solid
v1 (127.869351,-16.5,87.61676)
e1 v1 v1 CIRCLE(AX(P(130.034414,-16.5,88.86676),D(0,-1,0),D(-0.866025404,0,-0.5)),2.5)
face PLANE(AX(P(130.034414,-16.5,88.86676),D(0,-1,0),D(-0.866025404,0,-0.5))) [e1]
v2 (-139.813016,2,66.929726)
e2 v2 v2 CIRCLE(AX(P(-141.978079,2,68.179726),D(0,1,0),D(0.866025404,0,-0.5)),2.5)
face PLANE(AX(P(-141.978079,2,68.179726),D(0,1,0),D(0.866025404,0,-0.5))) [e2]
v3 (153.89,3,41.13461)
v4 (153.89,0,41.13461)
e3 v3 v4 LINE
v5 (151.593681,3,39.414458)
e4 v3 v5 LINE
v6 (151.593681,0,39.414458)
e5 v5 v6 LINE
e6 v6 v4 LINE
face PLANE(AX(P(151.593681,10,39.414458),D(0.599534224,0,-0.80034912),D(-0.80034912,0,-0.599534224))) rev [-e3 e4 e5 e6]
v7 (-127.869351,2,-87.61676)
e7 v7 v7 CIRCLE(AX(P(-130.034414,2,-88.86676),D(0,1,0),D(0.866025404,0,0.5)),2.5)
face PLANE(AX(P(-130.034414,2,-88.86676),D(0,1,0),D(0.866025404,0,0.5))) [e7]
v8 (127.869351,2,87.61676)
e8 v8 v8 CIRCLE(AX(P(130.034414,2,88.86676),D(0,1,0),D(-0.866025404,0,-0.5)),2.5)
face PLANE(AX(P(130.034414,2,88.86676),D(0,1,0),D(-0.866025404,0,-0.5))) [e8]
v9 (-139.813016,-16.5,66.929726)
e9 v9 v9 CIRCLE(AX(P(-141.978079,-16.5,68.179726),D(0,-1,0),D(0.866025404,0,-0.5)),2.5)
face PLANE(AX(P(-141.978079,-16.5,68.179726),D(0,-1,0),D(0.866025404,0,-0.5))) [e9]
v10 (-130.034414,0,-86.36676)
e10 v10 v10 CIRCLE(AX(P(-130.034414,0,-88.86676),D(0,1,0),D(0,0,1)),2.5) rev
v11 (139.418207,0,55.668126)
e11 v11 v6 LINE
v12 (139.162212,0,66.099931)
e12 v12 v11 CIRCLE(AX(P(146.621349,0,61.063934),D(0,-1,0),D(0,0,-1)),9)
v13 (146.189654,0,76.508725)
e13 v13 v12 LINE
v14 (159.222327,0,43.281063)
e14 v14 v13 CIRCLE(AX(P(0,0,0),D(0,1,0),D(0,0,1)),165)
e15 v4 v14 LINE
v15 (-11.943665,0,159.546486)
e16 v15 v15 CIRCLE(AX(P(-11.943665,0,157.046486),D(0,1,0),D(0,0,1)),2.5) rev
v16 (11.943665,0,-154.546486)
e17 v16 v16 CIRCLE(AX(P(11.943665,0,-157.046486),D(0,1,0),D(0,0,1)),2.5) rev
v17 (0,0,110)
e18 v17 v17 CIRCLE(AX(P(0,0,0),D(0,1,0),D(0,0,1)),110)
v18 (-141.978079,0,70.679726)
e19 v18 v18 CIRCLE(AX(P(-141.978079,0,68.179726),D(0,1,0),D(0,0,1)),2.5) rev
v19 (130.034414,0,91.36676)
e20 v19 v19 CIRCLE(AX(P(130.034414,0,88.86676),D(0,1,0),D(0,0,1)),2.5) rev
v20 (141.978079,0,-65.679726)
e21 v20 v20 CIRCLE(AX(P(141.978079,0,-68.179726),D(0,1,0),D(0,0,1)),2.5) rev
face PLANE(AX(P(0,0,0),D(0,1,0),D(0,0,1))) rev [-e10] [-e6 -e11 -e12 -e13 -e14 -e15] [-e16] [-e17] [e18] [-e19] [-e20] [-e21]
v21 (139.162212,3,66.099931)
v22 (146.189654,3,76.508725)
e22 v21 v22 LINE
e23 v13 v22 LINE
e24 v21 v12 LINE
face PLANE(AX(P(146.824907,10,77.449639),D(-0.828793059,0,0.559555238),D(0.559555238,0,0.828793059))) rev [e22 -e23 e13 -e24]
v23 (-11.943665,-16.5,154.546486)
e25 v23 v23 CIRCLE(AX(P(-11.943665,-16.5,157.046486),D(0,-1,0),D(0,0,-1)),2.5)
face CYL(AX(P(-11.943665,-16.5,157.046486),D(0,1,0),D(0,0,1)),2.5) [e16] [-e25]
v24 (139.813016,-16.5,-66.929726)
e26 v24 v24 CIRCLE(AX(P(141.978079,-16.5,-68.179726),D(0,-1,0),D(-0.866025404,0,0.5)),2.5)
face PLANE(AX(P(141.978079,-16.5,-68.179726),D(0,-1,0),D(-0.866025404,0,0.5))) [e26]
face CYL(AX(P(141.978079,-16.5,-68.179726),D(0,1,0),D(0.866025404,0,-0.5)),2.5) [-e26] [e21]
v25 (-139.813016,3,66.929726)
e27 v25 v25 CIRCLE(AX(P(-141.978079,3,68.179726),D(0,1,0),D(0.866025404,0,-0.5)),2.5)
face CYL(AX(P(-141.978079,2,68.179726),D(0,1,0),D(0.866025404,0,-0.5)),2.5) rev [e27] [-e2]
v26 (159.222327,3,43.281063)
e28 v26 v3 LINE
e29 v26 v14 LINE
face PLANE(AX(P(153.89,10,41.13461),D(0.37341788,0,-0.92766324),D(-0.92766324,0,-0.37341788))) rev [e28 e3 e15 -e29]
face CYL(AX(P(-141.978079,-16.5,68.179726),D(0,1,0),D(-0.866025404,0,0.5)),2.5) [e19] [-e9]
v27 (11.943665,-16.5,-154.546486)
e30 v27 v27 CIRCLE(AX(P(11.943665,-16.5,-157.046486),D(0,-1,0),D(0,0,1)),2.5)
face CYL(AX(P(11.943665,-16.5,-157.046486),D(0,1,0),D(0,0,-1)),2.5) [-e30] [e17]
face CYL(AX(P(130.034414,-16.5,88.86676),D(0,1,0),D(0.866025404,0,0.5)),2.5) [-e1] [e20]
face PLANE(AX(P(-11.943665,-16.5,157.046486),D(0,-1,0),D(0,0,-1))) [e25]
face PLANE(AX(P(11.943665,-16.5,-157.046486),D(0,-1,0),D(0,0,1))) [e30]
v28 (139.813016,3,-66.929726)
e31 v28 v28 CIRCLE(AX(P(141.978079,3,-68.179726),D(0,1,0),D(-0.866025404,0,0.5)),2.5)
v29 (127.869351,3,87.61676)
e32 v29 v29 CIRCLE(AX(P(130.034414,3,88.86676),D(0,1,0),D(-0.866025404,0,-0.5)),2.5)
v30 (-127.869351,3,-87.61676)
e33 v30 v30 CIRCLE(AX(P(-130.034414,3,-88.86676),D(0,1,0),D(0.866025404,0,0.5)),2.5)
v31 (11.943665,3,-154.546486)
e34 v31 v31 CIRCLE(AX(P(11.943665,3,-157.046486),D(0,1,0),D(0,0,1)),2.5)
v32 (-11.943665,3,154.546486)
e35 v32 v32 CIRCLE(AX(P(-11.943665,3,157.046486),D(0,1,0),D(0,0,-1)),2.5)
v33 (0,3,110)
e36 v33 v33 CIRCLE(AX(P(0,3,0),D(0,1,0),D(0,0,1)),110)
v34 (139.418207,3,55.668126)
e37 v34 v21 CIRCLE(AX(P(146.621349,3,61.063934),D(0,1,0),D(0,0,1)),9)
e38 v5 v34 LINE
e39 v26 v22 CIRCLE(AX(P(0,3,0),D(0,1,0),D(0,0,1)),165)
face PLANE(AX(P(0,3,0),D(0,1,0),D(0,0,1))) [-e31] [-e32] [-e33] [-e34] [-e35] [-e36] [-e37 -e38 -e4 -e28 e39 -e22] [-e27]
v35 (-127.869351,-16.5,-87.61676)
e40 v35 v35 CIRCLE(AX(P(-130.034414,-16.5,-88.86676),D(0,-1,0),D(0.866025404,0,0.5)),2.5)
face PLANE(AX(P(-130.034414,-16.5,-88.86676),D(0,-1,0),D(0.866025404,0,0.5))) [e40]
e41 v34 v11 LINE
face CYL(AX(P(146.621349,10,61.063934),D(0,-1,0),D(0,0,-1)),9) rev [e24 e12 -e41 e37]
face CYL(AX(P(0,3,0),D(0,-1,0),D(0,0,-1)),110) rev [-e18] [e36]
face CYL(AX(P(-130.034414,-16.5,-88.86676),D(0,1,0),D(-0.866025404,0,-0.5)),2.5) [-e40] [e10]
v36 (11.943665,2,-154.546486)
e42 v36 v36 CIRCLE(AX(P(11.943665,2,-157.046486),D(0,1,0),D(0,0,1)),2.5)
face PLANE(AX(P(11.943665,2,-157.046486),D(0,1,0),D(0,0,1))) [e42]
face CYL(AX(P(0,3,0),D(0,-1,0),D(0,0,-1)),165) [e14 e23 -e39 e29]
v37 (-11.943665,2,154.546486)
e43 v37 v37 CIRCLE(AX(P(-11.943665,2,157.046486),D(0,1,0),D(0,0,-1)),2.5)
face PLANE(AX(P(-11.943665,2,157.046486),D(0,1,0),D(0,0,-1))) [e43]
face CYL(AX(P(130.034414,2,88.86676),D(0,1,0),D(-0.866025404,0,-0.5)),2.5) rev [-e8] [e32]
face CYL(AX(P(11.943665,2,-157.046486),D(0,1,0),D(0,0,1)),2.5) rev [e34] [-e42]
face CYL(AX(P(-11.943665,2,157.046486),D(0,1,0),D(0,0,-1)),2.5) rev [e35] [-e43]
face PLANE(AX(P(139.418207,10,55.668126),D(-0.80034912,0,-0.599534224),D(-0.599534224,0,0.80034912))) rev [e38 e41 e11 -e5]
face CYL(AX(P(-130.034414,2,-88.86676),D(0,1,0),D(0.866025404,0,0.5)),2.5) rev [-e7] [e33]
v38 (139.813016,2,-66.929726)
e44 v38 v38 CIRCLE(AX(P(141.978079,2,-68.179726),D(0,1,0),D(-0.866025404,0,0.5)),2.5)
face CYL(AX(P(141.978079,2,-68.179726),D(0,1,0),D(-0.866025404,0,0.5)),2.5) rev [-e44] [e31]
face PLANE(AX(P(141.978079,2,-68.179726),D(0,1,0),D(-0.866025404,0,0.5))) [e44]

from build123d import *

# Parameters (mm, degrees)
SKETCH1_R           = 165
SKETCH1_R_2         = 110
BOSS_EXTRUDE1_DEPTH = 3
SKETCH4_R           = 2.5
BOSS_EXTRUDE2_DEPTH = 16.5
CIRPATTERN1_COUNT   = 6
CUT_EXTRUDE1_DEPTH  = 10
SKETCH6_R           = 2.5
CUT_EXTRUDE2_DEPTH  = 1
CIRPATTERN5_COUNT   = 6


with BuildPart() as part:
    # Sketch1 → Boss-Extrude1 (new body)
    with BuildSketch(Plane(origin=(0, 0, 0), x_dir=(1, 0, 0), z_dir=(0, 1, 0))):
        with Locations(Location((0, 0, 0), (0, 0, 270))):
            Circle(SKETCH1_R)
        with Locations(Location((0, 0, 0), (0, 0, 270))):
            Circle(SKETCH1_R_2, mode=Mode.SUBTRACT)
    extrude(amount=BOSS_EXTRUDE1_DEPTH)

    # Sketch4 → Boss-Extrude2 (add)
    with BuildSketch(Plane.XZ):
        with Locations(Location((-11.943664818, 157.046486337, 0), (0, 0, 90))):
            Circle(SKETCH4_R)
    boss_extrude2 = extrude(amount=BOSS_EXTRUDE2_DEPTH)

    # CirPattern1: Boss-Extrude2 ×6 about axis
    cirpattern1_axis = Axis((0, 0, 0), (0, 1, 0))
    for i in range(1, CIRPATTERN1_COUNT):
        add(boss_extrude2.rotate(cirpattern1_axis, i * 360 / CIRPATTERN1_COUNT))

    # Sketch5 → Cut-Extrude1 (cut)
    with BuildSketch(Plane(origin=(0, 0, 0), x_dir=(-1, 0, 0), z_dir=(0, -1, 0))):
        with BuildLine():
            Line((-139.418207286, -55.668125577), (-151.59368138, -39.414458013))
            Line((-151.59368138, -39.414458013), (-153.890000313, -41.134609577))
            Line((-153.890000313, -41.134609577), (-160.156367767, -43.657048272))
            ThreePointArc((-160.156367767, -43.657048272), (-154.417811813, -60.91912175), (-146.824907269, -77.449639157))
            Line((-146.824907269, -77.449639157), (-139.16221183, -66.09993074))
            ThreePointArc((-139.16221183, -66.09993074), (-137.624058072, -60.843140968), (-139.418207286, -55.668125577))
        make_face()
    extrude(amount=-CUT_EXTRUDE1_DEPTH, mode=Mode.SUBTRACT)

    # Sketch6 → Cut-Extrude2 (cut)
    with BuildSketch(Plane(origin=(0, 3, 0), x_dir=(1, 0, 0), z_dir=(0, 1, 0))):
        with Locations(Location((11.943664818, 157.046486337, 0), (0, 0, 270))):
            Circle(SKETCH6_R)
    cut_extrude2 = extrude(amount=-CUT_EXTRUDE2_DEPTH, mode=Mode.SUBTRACT)

    # CirPattern5: Cut-Extrude2 ×6 about axis
    cirpattern5_axis = Axis((0, 0, 0), (0, 1, 0))
    for i in range(1, CIRPATTERN5_COUNT):
        add(cut_extrude2.rotate(cirpattern5_axis, i * 360 / CIRPATTERN5_COUNT), mode=Mode.SUBTRACT)


solid = part.part
